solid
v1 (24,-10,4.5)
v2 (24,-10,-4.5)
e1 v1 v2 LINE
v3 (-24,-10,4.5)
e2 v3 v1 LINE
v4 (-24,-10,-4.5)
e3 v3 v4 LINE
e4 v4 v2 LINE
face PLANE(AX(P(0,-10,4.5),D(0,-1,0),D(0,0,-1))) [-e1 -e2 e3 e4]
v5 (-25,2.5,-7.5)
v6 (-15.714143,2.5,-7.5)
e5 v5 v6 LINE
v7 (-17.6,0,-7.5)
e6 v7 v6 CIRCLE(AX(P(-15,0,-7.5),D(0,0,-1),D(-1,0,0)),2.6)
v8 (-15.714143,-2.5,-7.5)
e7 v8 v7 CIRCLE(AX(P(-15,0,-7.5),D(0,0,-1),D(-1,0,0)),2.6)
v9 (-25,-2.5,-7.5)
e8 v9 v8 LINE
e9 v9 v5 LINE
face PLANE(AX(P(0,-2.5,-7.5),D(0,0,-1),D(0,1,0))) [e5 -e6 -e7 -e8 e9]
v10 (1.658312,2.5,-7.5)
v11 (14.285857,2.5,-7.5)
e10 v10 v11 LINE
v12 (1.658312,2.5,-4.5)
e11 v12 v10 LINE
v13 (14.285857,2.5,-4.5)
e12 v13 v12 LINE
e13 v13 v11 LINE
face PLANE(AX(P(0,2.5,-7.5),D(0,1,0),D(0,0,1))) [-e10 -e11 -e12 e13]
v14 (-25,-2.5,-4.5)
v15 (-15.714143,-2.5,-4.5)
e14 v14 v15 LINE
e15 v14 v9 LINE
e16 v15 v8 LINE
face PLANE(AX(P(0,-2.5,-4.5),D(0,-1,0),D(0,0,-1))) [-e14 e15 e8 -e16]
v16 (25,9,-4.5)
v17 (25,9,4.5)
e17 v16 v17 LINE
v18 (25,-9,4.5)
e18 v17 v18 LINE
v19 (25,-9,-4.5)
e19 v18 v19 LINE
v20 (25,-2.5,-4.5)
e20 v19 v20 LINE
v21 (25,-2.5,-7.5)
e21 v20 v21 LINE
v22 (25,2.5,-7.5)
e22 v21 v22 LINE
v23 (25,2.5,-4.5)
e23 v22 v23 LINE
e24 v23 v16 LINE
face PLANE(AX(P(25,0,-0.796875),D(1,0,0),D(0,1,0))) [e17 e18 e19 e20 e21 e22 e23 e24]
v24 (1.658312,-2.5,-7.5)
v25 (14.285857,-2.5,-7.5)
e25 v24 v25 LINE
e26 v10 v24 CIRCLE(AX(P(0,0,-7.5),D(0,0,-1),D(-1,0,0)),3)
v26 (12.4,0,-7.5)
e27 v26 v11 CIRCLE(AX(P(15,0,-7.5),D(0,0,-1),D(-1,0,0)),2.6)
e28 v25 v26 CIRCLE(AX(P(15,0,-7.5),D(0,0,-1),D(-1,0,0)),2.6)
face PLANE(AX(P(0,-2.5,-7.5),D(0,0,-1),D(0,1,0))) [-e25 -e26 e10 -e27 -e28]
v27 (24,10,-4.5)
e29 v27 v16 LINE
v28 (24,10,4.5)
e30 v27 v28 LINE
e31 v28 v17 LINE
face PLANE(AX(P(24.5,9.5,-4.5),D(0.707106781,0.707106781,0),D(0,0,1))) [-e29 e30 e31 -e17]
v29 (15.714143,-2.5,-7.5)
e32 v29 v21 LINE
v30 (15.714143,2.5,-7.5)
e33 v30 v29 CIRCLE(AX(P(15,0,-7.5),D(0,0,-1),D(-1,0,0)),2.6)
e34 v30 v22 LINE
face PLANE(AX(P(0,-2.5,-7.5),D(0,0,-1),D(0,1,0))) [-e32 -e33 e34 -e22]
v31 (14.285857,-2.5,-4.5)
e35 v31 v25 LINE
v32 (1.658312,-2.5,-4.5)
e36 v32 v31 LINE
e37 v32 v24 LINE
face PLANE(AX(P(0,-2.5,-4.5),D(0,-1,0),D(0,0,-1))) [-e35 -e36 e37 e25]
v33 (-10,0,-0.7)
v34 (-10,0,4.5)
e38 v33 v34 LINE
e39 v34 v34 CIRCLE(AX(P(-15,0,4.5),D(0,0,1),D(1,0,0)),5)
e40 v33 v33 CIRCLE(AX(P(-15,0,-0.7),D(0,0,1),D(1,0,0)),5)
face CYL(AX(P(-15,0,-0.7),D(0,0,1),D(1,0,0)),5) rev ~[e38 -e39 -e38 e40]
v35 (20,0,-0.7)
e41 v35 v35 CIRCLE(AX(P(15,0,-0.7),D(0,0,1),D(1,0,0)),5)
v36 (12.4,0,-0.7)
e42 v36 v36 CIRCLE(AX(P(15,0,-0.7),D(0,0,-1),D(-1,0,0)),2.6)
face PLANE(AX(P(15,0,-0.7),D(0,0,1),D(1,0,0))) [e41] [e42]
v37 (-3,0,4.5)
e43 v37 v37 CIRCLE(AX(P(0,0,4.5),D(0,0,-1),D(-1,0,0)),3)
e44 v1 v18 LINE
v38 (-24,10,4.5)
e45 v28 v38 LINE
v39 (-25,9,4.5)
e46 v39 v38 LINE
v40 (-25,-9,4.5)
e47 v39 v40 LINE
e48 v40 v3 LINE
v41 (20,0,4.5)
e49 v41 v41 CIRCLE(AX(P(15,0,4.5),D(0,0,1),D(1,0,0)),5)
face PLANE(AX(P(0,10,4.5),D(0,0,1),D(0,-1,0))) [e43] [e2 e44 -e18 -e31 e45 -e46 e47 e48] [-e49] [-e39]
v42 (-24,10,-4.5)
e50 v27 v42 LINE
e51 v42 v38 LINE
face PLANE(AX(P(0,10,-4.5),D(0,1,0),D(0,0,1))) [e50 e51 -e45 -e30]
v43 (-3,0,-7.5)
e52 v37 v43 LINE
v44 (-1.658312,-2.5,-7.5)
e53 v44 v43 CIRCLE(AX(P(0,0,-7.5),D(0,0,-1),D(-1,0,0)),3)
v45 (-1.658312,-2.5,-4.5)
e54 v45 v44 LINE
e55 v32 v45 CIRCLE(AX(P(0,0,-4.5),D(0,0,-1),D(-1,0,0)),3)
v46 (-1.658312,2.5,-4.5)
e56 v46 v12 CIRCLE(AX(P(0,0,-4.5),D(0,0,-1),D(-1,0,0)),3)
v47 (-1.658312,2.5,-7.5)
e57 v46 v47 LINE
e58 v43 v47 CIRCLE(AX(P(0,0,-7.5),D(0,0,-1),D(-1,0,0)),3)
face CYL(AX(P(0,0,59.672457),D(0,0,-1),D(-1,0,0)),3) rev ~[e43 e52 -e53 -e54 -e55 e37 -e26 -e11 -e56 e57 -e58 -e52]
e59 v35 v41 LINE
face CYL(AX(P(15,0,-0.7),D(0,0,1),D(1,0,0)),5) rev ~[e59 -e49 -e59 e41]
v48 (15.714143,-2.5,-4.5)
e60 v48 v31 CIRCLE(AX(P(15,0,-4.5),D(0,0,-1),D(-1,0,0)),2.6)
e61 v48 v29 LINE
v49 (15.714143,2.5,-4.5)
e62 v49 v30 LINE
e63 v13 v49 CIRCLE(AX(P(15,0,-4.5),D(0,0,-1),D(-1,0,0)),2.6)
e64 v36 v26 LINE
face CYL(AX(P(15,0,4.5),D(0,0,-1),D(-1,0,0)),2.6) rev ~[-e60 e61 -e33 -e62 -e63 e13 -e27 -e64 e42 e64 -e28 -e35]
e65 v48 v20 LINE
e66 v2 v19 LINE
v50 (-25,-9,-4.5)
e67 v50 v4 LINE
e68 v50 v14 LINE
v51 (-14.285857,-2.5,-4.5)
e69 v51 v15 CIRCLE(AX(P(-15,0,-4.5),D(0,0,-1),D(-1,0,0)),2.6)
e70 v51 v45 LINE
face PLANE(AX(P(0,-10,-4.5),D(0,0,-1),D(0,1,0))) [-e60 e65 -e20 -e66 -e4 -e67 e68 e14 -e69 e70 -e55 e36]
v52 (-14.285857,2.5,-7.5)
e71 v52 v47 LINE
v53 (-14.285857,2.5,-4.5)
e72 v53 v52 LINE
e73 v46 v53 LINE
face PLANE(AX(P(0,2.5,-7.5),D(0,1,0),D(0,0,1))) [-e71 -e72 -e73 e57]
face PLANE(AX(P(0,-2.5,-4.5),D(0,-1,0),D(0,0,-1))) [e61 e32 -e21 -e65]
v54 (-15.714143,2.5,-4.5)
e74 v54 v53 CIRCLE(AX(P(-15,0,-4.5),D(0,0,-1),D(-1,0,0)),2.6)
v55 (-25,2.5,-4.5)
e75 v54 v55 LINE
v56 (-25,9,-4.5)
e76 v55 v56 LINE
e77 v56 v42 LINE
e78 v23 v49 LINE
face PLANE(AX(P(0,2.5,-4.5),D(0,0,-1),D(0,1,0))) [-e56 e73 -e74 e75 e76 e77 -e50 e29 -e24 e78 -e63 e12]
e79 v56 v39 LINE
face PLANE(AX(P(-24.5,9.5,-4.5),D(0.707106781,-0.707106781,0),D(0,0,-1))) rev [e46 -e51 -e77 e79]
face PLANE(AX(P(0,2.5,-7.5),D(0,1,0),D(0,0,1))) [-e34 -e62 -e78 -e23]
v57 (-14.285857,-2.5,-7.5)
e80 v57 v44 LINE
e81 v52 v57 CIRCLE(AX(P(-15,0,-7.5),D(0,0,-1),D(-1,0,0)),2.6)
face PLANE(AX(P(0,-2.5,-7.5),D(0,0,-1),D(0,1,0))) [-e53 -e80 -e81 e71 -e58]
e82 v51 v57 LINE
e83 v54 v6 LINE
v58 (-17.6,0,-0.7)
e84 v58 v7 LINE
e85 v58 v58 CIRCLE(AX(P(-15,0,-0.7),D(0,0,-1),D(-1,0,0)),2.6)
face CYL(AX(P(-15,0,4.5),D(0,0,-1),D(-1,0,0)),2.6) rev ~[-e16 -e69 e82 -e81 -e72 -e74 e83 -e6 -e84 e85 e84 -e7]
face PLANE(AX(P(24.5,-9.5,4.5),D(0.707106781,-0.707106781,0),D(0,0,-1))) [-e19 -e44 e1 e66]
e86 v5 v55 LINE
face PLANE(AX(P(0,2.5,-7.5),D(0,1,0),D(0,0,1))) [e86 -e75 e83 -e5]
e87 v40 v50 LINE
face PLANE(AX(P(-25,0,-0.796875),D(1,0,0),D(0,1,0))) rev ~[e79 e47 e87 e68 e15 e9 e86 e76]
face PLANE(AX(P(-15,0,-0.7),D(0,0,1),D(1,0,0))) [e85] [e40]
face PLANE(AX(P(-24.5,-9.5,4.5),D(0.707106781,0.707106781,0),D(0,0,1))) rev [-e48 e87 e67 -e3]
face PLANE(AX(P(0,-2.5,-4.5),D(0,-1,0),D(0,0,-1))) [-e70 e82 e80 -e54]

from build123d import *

# Parameters (mm, degrees)
F1_DEPTH       = 25
F3_D           = 5.2
F3_CBORE_D     = 10
F3_CBORE_DEPTH = 5.2
F4_D           = 6
F5_SIZE        = 1


with BuildPart() as f1:
    # F0 (on Right) → F1 (new body, symmetric)
    with BuildSketch(Plane.YZ):
        Polygon((10, 4.5), (-10, 4.5), (-10, -4.5), (-2.5, -4.5), (-2.5, -7.5), (2.5, -7.5), (2.5, -4.5), (10, -4.5), align=None)
    extrude(amount=F1_DEPTH, both=True)

    # F3 (through all)
    with Locations(Plane.XY.offset(4.5)):
        with Locations((-15, 0), (15, 0)):
            CounterBoreHole(F3_D / 2, F3_CBORE_D / 2, F3_CBORE_DEPTH)

    # F4 (through all)
    with Locations(Plane.XY.offset(4.5)):
        with Locations((0, 0)):
            Hole(F4_D / 2)

    # F5
    f5_edges = [f1.edges().sort_by_distance(p)[0] for p in [
        (25, -10, 0),
        (25, 10, 0),
        (-25, -10, 0),
        (-25, 10, 0),
    ]]
    chamfer(f5_edges, length=F5_SIZE)


solid = f1.part
